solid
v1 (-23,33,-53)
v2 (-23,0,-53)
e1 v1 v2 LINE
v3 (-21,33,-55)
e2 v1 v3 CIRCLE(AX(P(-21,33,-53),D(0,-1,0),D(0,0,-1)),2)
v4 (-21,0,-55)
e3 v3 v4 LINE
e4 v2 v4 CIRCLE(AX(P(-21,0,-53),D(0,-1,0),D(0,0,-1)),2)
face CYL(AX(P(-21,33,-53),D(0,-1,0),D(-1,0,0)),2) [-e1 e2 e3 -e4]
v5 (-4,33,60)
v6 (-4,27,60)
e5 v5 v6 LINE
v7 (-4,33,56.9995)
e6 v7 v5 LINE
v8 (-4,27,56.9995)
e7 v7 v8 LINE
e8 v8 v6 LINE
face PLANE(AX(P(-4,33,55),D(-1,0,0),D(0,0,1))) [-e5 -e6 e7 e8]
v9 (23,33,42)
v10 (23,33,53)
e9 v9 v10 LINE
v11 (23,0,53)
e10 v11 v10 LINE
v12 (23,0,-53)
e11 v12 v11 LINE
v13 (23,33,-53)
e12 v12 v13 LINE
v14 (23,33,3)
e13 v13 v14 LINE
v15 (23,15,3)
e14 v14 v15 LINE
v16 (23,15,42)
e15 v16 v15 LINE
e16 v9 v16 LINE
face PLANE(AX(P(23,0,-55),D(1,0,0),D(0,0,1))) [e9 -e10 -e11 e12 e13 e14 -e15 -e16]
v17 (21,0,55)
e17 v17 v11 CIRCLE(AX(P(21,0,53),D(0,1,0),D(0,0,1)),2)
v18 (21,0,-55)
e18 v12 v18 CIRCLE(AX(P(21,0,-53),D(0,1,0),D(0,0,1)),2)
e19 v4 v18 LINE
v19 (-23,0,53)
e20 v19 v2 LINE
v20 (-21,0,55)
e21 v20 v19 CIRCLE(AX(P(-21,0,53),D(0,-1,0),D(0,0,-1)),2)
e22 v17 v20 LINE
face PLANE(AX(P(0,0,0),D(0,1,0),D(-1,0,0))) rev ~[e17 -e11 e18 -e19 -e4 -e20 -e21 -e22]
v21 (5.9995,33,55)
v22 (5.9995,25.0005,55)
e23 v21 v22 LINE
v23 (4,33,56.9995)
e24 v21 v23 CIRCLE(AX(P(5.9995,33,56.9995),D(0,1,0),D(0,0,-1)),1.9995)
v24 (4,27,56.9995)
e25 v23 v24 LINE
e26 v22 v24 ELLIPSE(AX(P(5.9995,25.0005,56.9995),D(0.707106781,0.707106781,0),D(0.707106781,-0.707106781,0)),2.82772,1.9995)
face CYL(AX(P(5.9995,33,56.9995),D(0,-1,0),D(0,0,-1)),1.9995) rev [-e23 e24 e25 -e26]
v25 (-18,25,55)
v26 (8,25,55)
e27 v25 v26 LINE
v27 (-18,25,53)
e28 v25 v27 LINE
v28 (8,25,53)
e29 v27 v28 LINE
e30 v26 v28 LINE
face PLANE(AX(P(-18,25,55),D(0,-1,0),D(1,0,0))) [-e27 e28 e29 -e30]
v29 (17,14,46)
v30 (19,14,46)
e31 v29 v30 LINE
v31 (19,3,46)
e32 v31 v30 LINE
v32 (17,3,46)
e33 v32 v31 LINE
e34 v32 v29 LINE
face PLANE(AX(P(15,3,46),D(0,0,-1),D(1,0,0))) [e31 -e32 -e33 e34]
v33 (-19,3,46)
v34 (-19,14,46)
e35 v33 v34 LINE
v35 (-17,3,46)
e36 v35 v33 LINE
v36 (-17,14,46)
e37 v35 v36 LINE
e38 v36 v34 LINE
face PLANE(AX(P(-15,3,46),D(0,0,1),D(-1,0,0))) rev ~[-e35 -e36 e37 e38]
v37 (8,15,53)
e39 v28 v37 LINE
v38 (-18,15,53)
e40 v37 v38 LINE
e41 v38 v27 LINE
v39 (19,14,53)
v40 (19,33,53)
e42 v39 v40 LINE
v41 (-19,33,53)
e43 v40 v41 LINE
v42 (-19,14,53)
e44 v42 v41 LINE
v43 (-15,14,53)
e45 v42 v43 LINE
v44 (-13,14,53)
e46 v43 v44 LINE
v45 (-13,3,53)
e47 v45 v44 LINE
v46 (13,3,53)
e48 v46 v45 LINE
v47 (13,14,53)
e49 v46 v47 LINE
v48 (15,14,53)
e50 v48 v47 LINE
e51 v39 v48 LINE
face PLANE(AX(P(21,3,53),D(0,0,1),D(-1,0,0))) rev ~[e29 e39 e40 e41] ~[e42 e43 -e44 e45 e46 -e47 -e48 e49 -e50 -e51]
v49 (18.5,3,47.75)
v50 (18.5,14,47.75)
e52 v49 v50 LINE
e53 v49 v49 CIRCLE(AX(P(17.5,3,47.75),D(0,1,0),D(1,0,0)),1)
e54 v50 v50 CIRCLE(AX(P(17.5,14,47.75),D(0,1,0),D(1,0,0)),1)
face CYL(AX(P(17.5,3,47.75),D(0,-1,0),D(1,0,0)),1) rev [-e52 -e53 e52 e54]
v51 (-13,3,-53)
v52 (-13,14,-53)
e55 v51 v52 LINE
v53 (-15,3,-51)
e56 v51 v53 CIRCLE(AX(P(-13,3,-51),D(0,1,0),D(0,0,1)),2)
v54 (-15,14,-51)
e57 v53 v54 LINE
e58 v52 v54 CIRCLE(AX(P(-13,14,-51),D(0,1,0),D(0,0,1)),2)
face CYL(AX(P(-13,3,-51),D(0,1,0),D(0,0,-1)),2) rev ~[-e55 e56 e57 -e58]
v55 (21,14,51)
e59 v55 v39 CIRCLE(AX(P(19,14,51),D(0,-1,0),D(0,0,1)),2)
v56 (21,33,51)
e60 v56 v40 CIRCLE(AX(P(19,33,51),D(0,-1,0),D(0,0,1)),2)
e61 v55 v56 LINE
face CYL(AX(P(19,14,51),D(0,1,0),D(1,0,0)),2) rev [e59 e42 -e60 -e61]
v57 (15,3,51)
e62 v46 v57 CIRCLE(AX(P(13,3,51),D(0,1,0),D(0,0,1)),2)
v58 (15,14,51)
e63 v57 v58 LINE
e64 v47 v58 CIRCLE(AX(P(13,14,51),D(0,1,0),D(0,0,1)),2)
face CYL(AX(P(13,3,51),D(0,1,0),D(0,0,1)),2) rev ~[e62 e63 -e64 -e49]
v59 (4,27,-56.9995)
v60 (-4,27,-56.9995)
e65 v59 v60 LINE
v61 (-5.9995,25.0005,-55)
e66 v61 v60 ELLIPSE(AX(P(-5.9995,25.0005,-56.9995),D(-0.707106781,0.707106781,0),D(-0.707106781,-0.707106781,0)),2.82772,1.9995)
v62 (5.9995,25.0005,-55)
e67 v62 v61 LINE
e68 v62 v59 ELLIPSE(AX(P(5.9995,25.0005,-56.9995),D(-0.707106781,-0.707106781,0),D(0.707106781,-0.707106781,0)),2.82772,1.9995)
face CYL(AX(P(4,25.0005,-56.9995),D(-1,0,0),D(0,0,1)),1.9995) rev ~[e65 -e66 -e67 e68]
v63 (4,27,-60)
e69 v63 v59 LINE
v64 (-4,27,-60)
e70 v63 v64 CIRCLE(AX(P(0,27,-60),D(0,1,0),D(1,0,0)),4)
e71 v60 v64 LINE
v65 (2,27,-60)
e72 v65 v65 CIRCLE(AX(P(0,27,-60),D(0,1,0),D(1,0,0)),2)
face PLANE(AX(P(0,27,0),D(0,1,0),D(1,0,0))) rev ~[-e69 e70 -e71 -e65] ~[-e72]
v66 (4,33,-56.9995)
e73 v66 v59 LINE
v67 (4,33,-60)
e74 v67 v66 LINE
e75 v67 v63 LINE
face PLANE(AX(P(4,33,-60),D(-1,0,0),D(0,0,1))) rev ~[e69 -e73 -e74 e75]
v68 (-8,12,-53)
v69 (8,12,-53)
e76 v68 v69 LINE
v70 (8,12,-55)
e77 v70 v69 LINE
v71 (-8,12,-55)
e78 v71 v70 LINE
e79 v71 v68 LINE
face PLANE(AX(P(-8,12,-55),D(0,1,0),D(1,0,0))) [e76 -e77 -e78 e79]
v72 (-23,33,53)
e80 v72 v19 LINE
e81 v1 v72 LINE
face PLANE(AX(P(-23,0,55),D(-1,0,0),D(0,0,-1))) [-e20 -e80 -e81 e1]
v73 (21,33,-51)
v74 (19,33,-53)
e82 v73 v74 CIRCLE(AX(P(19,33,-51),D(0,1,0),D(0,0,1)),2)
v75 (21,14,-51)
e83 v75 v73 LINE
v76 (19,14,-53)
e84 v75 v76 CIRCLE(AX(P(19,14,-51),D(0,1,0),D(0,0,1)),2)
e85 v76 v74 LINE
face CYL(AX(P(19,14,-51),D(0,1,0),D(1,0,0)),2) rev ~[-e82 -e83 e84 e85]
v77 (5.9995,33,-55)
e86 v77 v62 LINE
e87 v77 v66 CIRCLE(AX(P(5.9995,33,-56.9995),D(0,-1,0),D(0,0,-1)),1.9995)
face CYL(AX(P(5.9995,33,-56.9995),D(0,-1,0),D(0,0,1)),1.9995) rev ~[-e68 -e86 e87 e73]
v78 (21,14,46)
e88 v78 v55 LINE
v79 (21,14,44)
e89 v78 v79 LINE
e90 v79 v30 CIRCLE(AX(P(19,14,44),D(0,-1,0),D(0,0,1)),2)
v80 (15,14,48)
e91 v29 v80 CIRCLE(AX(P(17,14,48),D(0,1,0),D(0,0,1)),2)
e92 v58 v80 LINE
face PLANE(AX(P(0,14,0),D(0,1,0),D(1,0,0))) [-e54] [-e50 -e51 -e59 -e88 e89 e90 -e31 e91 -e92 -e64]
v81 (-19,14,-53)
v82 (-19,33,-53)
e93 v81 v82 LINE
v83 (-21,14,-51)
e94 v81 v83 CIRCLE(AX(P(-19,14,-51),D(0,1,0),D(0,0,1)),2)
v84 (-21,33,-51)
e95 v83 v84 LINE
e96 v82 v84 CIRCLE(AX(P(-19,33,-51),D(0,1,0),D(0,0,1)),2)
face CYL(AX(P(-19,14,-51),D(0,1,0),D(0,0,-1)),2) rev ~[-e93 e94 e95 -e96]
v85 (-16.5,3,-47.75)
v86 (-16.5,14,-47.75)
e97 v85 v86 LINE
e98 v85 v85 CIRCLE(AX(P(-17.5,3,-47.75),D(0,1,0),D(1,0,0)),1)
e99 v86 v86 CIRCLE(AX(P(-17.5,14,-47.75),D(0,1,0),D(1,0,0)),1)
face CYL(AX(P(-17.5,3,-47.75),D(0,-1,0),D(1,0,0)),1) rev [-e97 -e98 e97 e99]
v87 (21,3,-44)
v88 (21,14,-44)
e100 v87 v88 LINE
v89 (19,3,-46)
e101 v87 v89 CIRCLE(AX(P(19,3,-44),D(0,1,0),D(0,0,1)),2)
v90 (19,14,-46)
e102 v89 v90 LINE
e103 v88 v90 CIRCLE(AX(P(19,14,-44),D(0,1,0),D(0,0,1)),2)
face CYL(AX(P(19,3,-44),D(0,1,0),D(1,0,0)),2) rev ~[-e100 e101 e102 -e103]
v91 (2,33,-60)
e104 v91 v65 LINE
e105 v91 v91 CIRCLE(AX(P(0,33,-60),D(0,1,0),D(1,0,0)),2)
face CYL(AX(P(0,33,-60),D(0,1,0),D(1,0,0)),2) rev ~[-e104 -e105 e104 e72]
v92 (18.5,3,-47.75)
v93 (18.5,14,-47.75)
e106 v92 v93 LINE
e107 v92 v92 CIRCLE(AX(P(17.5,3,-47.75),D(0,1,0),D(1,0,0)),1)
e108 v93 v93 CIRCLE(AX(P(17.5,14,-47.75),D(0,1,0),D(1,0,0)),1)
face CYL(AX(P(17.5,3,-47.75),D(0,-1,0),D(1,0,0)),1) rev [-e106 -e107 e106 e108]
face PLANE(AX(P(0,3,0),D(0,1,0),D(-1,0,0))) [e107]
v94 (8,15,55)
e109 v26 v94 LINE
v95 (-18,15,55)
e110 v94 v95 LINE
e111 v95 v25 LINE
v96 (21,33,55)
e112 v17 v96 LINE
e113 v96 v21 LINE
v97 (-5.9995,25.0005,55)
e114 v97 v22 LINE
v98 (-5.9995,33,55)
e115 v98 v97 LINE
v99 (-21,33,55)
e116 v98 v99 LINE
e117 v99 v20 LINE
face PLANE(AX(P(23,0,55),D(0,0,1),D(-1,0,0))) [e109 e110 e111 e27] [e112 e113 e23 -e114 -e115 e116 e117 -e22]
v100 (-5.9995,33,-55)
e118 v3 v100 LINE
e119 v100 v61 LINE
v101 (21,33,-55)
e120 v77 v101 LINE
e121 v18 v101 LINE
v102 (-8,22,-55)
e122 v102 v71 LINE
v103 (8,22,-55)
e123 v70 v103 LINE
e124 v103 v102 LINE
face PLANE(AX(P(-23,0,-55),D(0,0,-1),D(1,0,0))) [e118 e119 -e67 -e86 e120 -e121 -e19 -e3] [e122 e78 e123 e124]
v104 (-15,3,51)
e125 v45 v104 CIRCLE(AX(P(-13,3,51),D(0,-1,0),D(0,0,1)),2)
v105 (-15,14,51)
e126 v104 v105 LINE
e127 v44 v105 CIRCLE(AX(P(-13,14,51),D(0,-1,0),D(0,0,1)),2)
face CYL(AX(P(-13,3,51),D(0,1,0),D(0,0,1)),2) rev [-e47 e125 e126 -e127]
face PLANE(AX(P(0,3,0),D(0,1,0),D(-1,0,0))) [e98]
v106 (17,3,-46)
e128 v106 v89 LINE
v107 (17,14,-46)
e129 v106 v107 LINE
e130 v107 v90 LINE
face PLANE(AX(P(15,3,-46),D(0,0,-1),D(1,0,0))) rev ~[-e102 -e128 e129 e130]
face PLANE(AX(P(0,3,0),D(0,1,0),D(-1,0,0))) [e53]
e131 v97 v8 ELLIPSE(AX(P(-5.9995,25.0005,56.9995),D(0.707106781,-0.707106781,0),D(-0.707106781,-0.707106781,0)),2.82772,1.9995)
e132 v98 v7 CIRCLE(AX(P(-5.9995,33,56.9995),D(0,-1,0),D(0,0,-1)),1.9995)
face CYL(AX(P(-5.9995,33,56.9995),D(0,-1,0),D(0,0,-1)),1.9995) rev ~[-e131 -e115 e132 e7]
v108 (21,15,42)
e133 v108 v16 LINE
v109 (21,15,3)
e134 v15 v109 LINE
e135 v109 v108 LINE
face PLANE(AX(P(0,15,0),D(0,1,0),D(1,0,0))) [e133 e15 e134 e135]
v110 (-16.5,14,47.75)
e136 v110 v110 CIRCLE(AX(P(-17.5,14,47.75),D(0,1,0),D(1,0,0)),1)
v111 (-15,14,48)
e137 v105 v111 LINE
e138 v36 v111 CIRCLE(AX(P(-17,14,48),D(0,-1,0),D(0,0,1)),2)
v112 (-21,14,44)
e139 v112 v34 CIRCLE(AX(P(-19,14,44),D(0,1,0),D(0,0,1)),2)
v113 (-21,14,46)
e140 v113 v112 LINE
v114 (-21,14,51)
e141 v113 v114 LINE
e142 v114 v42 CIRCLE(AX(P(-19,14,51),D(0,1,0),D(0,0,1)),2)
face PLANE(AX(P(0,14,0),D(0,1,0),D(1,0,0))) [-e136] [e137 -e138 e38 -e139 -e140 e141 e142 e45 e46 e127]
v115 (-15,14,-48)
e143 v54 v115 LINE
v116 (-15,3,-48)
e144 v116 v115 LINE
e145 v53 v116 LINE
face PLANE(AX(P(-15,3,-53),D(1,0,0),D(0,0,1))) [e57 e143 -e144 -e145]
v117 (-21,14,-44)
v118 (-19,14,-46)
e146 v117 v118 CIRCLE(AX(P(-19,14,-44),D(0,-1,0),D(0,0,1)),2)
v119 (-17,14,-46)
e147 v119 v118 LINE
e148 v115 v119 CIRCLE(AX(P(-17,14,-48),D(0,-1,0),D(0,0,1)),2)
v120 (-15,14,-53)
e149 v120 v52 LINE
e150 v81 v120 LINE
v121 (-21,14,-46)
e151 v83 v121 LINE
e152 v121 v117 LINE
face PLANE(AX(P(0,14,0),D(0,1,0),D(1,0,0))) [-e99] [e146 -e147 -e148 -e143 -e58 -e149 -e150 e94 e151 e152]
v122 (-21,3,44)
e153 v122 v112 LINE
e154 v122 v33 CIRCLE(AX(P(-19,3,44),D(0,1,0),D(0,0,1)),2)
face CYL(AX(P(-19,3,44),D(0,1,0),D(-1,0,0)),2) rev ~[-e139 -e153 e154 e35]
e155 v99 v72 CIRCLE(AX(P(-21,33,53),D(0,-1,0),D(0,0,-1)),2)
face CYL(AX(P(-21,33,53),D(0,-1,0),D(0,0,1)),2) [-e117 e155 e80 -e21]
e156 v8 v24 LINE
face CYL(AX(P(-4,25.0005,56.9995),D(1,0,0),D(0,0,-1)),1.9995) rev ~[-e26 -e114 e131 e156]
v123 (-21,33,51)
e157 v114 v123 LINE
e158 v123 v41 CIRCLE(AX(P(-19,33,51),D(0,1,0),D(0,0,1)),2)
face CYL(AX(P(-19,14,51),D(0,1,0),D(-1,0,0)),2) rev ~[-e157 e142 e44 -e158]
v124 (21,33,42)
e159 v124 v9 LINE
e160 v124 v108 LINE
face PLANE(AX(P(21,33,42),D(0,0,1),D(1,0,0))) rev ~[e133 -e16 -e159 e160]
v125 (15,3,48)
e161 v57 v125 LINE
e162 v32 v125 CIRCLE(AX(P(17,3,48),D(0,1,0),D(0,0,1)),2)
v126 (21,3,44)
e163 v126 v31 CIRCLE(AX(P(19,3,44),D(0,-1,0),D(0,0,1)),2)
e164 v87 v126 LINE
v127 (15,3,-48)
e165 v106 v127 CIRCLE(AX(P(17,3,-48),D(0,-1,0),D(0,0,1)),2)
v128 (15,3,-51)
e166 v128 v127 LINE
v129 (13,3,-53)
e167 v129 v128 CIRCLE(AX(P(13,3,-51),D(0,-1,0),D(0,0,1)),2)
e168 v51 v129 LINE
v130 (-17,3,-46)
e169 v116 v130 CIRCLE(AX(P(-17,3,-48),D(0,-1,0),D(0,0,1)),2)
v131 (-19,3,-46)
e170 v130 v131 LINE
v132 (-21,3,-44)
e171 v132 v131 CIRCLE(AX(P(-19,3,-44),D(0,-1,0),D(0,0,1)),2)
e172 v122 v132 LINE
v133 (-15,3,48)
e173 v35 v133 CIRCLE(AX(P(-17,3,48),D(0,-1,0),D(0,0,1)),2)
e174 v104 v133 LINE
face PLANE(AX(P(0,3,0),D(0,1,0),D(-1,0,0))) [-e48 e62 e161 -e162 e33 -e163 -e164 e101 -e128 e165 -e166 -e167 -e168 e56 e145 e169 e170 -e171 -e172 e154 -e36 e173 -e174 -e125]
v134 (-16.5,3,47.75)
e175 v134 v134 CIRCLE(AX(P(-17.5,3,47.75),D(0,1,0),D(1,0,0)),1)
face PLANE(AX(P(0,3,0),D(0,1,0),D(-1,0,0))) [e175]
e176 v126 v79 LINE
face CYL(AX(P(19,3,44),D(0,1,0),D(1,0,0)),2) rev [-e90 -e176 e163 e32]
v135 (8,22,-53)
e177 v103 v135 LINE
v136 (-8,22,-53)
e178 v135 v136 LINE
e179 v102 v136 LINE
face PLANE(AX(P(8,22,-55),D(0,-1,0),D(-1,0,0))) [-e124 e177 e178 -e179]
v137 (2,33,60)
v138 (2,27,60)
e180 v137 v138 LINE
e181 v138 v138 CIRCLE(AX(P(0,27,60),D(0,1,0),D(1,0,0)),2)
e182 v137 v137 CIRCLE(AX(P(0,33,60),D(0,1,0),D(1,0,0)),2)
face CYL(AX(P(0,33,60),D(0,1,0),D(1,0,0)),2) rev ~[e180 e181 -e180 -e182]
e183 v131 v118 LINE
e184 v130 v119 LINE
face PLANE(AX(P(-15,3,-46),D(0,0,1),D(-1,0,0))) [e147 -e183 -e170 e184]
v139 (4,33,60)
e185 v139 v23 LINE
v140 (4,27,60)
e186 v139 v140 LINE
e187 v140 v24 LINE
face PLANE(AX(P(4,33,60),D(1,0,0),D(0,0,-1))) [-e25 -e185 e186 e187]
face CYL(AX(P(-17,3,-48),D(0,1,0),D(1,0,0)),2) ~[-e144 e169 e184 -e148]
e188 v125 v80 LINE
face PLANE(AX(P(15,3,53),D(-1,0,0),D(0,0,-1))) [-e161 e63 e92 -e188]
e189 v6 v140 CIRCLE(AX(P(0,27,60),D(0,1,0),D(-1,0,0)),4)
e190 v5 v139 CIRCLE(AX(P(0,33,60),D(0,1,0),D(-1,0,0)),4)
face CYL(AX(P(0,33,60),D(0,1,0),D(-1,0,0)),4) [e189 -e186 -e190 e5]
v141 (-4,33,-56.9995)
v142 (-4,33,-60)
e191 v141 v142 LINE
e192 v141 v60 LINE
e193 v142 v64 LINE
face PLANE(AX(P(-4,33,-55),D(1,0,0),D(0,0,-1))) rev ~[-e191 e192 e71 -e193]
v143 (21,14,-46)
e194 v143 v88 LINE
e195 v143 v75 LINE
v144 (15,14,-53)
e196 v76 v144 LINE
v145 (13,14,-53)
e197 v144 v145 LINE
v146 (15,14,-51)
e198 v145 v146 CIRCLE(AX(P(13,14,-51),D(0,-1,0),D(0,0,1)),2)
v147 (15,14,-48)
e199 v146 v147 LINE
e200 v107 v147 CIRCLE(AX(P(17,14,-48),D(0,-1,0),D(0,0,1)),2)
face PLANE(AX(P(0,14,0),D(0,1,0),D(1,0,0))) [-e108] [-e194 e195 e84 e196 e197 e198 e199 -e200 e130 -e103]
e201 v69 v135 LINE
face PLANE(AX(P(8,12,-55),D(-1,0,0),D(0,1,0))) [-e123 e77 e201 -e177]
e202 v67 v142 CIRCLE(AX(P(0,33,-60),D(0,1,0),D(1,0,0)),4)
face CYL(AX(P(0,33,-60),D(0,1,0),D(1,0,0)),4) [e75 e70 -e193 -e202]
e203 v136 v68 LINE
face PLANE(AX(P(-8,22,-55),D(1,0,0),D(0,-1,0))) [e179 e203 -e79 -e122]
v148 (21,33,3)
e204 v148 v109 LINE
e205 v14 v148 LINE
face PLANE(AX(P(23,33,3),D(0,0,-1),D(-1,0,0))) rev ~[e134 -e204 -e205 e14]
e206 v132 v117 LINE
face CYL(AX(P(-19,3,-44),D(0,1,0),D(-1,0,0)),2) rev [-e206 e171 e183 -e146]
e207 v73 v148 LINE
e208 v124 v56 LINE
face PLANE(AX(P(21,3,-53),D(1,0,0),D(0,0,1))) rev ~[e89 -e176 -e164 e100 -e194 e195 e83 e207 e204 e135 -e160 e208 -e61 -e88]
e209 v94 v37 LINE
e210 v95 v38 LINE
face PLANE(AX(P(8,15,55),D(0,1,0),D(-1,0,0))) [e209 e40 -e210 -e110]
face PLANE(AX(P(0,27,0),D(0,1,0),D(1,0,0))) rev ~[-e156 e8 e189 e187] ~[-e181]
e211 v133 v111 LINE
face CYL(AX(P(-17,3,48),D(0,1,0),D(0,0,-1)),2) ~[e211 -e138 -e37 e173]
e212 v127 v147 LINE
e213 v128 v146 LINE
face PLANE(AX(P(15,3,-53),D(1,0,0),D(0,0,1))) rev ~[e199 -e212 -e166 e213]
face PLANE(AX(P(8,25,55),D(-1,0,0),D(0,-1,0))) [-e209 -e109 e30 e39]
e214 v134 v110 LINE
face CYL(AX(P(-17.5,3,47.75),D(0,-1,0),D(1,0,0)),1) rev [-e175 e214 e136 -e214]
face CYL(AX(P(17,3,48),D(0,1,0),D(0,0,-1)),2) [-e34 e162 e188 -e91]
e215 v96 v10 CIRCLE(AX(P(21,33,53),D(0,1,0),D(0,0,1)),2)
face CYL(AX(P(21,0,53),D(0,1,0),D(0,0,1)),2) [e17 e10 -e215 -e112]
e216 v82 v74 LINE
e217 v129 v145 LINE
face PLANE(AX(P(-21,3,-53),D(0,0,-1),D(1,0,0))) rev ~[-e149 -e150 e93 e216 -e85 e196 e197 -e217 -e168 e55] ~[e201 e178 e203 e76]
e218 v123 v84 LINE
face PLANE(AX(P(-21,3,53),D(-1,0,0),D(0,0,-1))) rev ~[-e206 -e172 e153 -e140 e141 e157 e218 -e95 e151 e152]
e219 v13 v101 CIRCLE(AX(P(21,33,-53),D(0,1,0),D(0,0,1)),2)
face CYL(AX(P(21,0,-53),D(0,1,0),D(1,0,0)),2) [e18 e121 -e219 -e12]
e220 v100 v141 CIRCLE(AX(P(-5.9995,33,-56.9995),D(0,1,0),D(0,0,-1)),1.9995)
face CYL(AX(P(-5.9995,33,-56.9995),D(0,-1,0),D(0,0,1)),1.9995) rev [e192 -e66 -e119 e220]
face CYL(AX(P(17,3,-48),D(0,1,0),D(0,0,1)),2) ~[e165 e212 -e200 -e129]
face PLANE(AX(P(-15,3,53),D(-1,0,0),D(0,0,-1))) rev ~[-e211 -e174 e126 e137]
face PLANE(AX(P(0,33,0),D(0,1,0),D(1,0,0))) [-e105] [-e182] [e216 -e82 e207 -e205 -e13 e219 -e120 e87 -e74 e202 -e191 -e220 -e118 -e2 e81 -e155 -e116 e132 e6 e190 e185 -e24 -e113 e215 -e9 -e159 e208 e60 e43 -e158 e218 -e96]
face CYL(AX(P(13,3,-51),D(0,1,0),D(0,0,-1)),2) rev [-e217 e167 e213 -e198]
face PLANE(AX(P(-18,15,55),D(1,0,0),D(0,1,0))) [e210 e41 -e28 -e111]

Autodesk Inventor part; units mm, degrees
ref_plane "YZ Plane" through (0, 0, 0) normal (1, 0, 0) x (0, 1, 0)
ref_plane "XZ Plane" through (0, 0, 0) normal (0, 1, 0) x (-1, 0, 0)
ref_plane "XY Plane" through (0, 0, 0) normal (0, 0, 1) x (1, 0, 0)
sketch "Sketch1" plane through (0, 0, 0) normal (0, 1, 0) x (-1, 0, 0)
  line L0 (-23, 55) -> (23, 55)
  line L1 (23, 55) -> (23, -55)
  line L2 (23, -55) -> (-23, -55)
  line L3 (-23, -55) -> (-23, 55)
  line L4 (-23, 55) -> (23, -55) construction
  line L5 (23, 55) -> (-23, -55) construction
  point P0 (0, 0)
  dimension "d0" = 46
  dimension "d1" = 110
extrude "Extrusion1" add sketch "Sketch1" along normal blind 3
sketch "Sketch2" plane through (0, 3, 0) normal (0, 1, 0) x (1, 0, 0)
  line L0 (-23, 55) -> (-23, -55) projected
  line L1 (23, -55) -> (-23, -55)
  line L2 (-23, -55) -> (-23, 55)
  line L3 (-23, 55) -> (23, 55)
  line L4 (23, 55) -> (23, -55)
  line L5 (23, -55) -> (-23, 55) construction
  line L6 (-23, -55) -> (23, 55) construction
  line L7 (21, -53) -> (-21, -53)
  line L8 (-21, -53) -> (-21, 53)
  line L9 (-21, 53) -> (21, 53)
  line L10 (21, 53) -> (21, -53)
  line L11 (21, -53) -> (-21, 53) construction
  line L12 (-21, -53) -> (21, 53) construction
  point P0 (0, 0)
  dimension "d4" = 42
  dimension "d5" = 106
extrude "Extrusion2" add sketch "Sketch2" along normal blind 30
sketch "Sketch5" plane through (0, 33, 0) normal (0, 1, 0) x (1, 0, 0)
  line L0 (23, 55) -> (-23, 55) projected
  line L1 (23, -55) -> (23, 55) projected
  line L2 (-23, 55) -> (-23, -55) projected
  line L3 (21, 53) -> (21, -53) projected
  line L4 (21, -42) -> (23, -42)
  line L5 (23, -42) -> (23, -3)
  line L6 (23, -3) -> (21, -3)
  line L7 (21, -3) -> (21, -42)
  line L8 (-23, -55) -> (23, -55) projected
  point P0 (0, 0)
  point P1 (22, -42)
  point P2 (22, -3)
  dimension "d24" = 13
  dimension "d25" = 58
extrude "Extrusion5" cut sketch "Sketch5" against normal blind 18 contours L1 L4 L3 L6
sketch "Sketch6" plane through (23, 0, -55) normal (0, 0, -1) x (-1, 0, 0)
  line L0 (15, 22) -> (31, 22)
  line L1 (31, 22) -> (31, 12)
  line L2 (31, 12) -> (15, 12)
  line L3 (15, 12) -> (15, 22)
  line L4 (46, 0) -> (46, 33) projected
  line L5 (0, 0) -> (46, 0) projected
  point P0 (23, 0)
  dimension "d28" = 16
  dimension "d29" = 15
  dimension "d30" = 10
  dimension "d32" = 12
extrude "Extrusion6" cut sketch "Sketch6" against normal blind 15
sketch "Sketch7" plane through (-23, 0, 55) normal (0, 0, 1) x (1, 0, 0)
  line L0 (5, 25) -> (31, 25)
  line L1 (31, 25) -> (31, 15)
  line L2 (31, 15) -> (5, 15)
  line L3 (5, 15) -> (5, 25)
  line L4 (0, 0) -> (0, 33) projected
  line L5 (0, 0) -> (46, 0) projected
  point P0 (23, 0)
  dimension "d35" = 5
  dimension "d36" = 10
  dimension "d37" = 15
  dimension "d38" = 26
extrude "Extrusion7" cut sketch "Sketch7" against normal blind 15
sketch "Sketch9" plane through (0, 33, 0) normal (0, 1, 0) x (1, 0, 0)
  circle A0 centre (0, -60) radius 2
  line L0 (-23, -55) -> (23, -55) projected
  line L1 (4, -55) -> (-4, -55)
  line L2 (-4, -55) -> (-4, -60)
  line L3 (4, -60) -> (4, -55)
  arc A1 (-4, -60) -> (4, -60) centre (0, -60) ccw
  circle A2 centre (0, 60) radius 2
  line L4 (23, 55) -> (-23, 55) projected
  line L5 (4, 55) -> (-4, 55)
  line L6 (-4, 55) -> (-4, 60)
  line L7 (4, 60) -> (4, 55)
  arc A3 (4, 60) -> (-4, 60) centre (0, 60) ccw
  point P0 (0, 0)
  point P1 (0, -55)
  point P2 (0, -55)
  point P3 (0, 55)
  point P4 (0, 55)
  point P5 (0, 55)
  dimension "d77" = 4
  dimension "d78" = 5
  dimension "d79" = 8
  dimension "d80" = 4
  dimension "d81" = 4
  dimension "d82" = 4
  dimension "d83" = 5
  dimension "d84" = 8
  dimension "d85" = 4
extrude "Extrusion10" add sketch "Sketch9" against normal blind 6
fillet "Fillet2" radius 2 6 edges at (-4, 30, -55) (4, 30, -55) (-4, 30, 55) (4, 30, 55) (0, 27, -55) (0, 27, 55)
sketch "Sketch11" plane through (0, 3, 0) normal (0, 1, 0) x (1, 0, 0)
  circle A0 centre (-17.5, 47.75) radius 1
  circle A1 centre (17.5, 47.75) radius 1
  circle A2 centre (-17.5, -47.75) radius 1
  circle A3 centre (17.5, -47.75) radius 1
  line L0 (-21, 53) -> (-21, -53) projected
  line L1 (-21, 53) -> (-15, 53)
  line L2 (-15, 53) -> (-15, 46)
  line L3 (-15, 46) -> (-21, 46)
  line L4 (-21, 46) -> (-21, 53)
  line L5 (21, 53) -> (-21, 53) projected
  line L6 (21, 53) -> (15, 53)
  line L7 (15, 53) -> (15, 46)
  line L8 (15, 46) -> (21, 46)
  line L9 (21, 46) -> (21, 53)
  line L10 (-21, -53) -> (-15, -53)
  line L11 (-15, -53) -> (-15, -46)
  line L12 (-15, -46) -> (-21, -46)
  line L13 (-21, -46) -> (-21, -53)
  line L14 (21, -53) -> (15, -53)
  line L15 (15, -53) -> (15, -46)
  line L16 (15, -46) -> (21, -46)
  line L17 (21, -46) -> (21, -53)
  point P0 (0, 0)
  dimension "d95" = 2
  dimension "d96" = 2
  dimension "d97" = 2
  dimension "d98" = 2
  dimension "d99" = 95.5
  dimension "d100" = 35
  dimension "d101" = 47.75
  dimension "d102" = 17.5
  dimension "d103" = 6
  dimension "d104" = 7
  dimension "d105" = 6
  dimension "d106" = 7
  dimension "d107" = 6
  dimension "d108" = 7
  dimension "d109" = 6
  dimension "d110" = 7
extrude "Extrusion11" add sketch "Sketch11" along normal blind 11
fillet "Fillet6" radius 2 20 edges at (-23, 16.5, -55) (-23, 16.5, 55) (23, 16.5, 55) (23, 16.5, -55) (21, 23.5, -53) (-21, 23.5, -53) (-21, 23.5, 53) (21, 23.5, 53) (15, 8.5, -46) (-15, 8.5, -46) (15, 8.5, 46) (-15, 8.5, 46) (21, 8.5, -46) (15, 8.5, -53) (-15, 8.5, -53) (-21, 8.5, -46) (-21, 8.5, 46) (-15, 8.5, 53) (21, 8.5, 46) (15, 8.5, 53)
properties part number "StereoPiBracket"
